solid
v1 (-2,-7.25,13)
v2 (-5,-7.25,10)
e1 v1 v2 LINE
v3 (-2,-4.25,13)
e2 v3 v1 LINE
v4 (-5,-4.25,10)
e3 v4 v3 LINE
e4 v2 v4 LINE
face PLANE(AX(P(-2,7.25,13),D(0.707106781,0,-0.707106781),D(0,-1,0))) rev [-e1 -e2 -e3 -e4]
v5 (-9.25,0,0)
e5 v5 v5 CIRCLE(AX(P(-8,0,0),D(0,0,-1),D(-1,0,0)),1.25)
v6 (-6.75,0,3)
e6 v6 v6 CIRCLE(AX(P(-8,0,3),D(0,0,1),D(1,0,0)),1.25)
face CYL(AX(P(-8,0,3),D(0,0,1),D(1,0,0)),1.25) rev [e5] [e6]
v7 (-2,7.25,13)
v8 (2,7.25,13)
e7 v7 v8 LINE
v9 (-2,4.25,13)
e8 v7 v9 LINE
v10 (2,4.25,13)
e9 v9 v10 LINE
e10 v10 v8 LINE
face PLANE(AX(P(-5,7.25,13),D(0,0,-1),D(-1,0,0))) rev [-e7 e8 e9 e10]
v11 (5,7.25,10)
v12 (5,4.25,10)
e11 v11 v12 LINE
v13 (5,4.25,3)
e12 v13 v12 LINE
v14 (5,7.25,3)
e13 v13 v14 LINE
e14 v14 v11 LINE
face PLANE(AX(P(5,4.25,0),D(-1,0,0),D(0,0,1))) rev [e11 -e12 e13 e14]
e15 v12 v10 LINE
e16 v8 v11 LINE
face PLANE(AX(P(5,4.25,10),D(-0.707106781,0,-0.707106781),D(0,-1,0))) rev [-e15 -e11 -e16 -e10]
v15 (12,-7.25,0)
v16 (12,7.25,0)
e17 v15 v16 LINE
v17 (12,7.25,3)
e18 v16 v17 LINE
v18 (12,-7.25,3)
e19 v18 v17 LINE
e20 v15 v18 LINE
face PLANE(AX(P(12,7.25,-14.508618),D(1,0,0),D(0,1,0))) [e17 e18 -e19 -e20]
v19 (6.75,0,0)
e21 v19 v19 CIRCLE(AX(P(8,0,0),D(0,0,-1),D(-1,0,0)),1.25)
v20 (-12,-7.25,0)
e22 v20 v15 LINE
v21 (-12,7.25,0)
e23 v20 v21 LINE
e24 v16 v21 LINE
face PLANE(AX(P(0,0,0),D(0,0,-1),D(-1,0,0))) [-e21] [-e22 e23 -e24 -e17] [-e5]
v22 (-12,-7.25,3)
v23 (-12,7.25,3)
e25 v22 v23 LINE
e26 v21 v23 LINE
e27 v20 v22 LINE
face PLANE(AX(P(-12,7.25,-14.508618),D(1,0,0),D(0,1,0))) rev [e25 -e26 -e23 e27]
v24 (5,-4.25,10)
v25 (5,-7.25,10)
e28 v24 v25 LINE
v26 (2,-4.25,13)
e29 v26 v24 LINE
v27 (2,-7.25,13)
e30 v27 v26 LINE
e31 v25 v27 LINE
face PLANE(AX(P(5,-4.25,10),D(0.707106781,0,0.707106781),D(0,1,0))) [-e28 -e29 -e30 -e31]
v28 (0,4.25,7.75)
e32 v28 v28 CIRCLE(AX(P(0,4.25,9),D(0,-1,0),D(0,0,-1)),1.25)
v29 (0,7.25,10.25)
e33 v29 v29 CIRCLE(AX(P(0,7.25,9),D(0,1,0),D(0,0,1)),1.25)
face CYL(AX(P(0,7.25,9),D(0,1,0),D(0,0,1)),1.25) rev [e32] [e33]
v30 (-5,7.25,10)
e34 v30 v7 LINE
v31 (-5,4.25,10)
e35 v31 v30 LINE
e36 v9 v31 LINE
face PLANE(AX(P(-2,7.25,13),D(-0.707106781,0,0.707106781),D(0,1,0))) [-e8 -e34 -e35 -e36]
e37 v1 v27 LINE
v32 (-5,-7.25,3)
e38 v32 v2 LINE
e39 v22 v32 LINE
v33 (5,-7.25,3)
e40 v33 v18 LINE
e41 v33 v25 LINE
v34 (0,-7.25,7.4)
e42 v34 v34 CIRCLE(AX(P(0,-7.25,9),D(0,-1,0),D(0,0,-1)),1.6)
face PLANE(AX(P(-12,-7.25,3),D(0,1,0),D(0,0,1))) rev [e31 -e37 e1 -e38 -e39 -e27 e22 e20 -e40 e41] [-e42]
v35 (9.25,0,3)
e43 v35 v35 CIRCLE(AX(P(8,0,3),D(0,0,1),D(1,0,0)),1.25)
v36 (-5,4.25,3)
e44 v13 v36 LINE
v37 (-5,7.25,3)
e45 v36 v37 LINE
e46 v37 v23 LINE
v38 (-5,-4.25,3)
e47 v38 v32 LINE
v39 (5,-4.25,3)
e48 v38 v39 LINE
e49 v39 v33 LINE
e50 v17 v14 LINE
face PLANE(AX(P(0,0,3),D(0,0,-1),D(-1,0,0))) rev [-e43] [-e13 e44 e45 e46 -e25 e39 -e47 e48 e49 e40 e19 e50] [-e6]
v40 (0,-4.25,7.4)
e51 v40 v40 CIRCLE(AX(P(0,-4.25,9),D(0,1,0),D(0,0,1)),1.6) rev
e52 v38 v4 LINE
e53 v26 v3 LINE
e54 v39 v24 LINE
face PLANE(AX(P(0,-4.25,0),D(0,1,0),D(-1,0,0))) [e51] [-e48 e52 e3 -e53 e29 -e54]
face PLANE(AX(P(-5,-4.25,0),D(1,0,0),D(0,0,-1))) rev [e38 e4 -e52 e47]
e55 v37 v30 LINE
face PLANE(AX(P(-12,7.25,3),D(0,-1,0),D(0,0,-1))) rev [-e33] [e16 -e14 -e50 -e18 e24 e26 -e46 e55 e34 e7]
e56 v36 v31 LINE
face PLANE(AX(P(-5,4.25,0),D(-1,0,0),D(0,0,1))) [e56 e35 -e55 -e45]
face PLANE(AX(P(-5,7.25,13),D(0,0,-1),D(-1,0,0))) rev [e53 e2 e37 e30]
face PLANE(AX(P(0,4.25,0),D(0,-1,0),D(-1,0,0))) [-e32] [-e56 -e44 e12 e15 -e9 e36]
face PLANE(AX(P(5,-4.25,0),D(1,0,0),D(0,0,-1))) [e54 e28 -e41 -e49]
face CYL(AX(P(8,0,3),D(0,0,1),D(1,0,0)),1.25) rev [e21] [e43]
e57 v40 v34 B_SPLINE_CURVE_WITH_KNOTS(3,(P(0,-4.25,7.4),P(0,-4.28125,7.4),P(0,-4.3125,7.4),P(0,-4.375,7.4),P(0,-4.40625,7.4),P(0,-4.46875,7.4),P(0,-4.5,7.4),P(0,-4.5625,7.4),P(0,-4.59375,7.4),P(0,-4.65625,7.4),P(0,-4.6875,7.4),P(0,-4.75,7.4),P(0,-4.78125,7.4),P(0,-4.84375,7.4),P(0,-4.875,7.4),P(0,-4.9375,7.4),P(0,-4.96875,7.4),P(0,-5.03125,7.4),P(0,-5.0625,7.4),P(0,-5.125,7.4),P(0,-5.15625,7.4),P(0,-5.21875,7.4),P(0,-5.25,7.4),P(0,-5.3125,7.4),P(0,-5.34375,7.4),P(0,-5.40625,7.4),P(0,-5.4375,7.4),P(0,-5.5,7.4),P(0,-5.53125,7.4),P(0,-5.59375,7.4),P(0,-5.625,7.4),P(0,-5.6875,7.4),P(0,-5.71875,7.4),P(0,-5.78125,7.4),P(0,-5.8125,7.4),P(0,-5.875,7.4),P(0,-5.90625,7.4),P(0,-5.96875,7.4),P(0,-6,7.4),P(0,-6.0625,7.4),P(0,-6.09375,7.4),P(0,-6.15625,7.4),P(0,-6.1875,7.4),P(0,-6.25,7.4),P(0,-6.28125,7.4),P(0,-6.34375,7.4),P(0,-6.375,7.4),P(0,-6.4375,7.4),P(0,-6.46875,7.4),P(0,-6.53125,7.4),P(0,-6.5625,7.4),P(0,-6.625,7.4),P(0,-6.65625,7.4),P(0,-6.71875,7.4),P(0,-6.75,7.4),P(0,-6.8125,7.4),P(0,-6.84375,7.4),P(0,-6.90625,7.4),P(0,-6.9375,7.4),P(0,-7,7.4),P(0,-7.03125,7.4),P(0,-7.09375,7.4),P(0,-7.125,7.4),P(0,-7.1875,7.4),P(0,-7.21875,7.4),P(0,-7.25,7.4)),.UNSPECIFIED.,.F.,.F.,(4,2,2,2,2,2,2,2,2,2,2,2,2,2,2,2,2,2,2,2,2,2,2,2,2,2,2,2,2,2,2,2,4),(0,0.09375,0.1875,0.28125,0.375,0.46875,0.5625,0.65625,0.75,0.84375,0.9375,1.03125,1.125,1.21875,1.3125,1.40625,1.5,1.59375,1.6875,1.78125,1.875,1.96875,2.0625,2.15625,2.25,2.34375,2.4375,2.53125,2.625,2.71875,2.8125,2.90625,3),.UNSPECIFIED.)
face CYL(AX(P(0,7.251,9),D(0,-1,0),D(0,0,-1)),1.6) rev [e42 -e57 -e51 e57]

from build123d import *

# Parameters (mm, degrees)
SKETCH_1_W          = 24
SKETCH_1_H          = 14.5
EXTRUDE_1_DEPTH     = 3
SKETCH_2_W          = 10
SKETCH_2_H          = 14
EXTRUDE_1_2_DEPTH   = 3
CUT_EXTRUDE_1_REACH = 25.457
SKETCH_3_R          = 1.6
HOLE_WIZARD_M3_2_D  = 2.5
HOLE_WIZARD_M3_1_D  = 2.5
SKETCH_10_W         = 0.5
SKETCH_10_H         = 14.5
CUT_EXTRUDE_2_DEPTH = 20.813190051
SKETCH_11_W         = 10
SKETCH_11_H         = 1
CUT_EXTRUDE_3_DEPTH = 24.205602772
CHAMFER_1_SIZE      = 3
SKETCH_12_W         = 0.5
SKETCH_12_H         = 14.5
EXTRUDE_2_DEPTH     = 3


with BuildPart() as part:
    # 草图1 → Extrude 1 (new body)
    with BuildSketch(Plane.XY):
        Rectangle(SKETCH_1_W, SKETCH_1_H)
    extrude(amount=EXTRUDE_1_DEPTH)

    # 草图2 → Extrude 1 2 (add)
    with BuildSketch(Plane.XZ.offset(7.25)):
        with Locations((0, 7)):
            Rectangle(SKETCH_2_W, SKETCH_2_H)
    extrude_1_2 = extrude(amount=-EXTRUDE_1_2_DEPTH)

    # 镜向1: Extrude 1 2 across plane
    add(extrude_1_2.mirror(Plane.ZX))

    # 草图3 → 切除-拉伸1 (cut, up to next)
    with BuildSketch(Plane.XZ.offset(7.25), mode=Mode.PRIVATE) as cut_extrude_1_sk1:
        with Locations(Location((0, 9, 0), (0, 0, 270))):
            Circle(SKETCH_3_R)
    cut_extrude_1_tool1 = extrude(cut_extrude_1_sk1.sketch, amount=-CUT_EXTRUDE_1_REACH, mode=Mode.PRIVATE) & part.part
    add(cut_extrude_1_tool1.solids().sort_by_distance((0, -7.25, 9))[0], mode=Mode.SUBTRACT)

    # M3 螺纹孔2 (through all)
    with Locations(Plane(origin=(0, 7.25, 9), x_dir=(0, 0, 1), z_dir=(0, 1, 0))):
        with Locations((0, 0)):
            Hole(HOLE_WIZARD_M3_2_D / 2)

    # M3 螺纹孔1 (through all)
    with Locations(Plane.XY.offset(3)):
        with Locations((-8, 0), (8, 0)):
            Hole(HOLE_WIZARD_M3_1_D / 2)

    # 草图10 → 切除-拉伸2 (cut, through all)
    with BuildSketch(Plane(origin=(0, 0, 0), x_dir=(-1, 0, 0), z_dir=(0, 0, -1))):
        with Locations((-11.75, 0)):
            Rectangle(SKETCH_10_W, SKETCH_10_H)
        with Locations((11.75, 0)):
            Rectangle(SKETCH_10_W, SKETCH_10_H)
    extrude(amount=-CUT_EXTRUDE_2_DEPTH, mode=Mode.SUBTRACT)

    # 草图11 → 切除-拉伸3 (cut, through all)
    with BuildSketch(Plane.XZ.offset(7.25)):
        with Locations((0, 13.5)):
            Rectangle(SKETCH_11_W, SKETCH_11_H)
    extrude(amount=-CUT_EXTRUDE_3_DEPTH, mode=Mode.SUBTRACT)

    # 倒角1
    chamfer_1_edges = [part.edges().sort_by_distance(p)[0] for p in [
        (5, -5.75, 13),
        (-5, -5.75, 13),
        (-5, 5.75, 13),
        (5, 5.75, 13),
    ]]
    chamfer(chamfer_1_edges, length=CHAMFER_1_SIZE)

    # 草图12 → 凸台-拉伸2 (add)
    with BuildSketch(Plane.XY.offset(3)):
        with Locations((11.75, 0)):
            Rectangle(SKETCH_12_W, SKETCH_12_H)
    extrude_2 = extrude(amount=-EXTRUDE_2_DEPTH)

    # 镜向2: 凸台-拉伸2 across plane
    add(extrude_2.mirror(Plane(origin=(0, 0, 0), x_dir=(0, 0, 1), z_dir=(1, 0, 0))))


solid = part.part
